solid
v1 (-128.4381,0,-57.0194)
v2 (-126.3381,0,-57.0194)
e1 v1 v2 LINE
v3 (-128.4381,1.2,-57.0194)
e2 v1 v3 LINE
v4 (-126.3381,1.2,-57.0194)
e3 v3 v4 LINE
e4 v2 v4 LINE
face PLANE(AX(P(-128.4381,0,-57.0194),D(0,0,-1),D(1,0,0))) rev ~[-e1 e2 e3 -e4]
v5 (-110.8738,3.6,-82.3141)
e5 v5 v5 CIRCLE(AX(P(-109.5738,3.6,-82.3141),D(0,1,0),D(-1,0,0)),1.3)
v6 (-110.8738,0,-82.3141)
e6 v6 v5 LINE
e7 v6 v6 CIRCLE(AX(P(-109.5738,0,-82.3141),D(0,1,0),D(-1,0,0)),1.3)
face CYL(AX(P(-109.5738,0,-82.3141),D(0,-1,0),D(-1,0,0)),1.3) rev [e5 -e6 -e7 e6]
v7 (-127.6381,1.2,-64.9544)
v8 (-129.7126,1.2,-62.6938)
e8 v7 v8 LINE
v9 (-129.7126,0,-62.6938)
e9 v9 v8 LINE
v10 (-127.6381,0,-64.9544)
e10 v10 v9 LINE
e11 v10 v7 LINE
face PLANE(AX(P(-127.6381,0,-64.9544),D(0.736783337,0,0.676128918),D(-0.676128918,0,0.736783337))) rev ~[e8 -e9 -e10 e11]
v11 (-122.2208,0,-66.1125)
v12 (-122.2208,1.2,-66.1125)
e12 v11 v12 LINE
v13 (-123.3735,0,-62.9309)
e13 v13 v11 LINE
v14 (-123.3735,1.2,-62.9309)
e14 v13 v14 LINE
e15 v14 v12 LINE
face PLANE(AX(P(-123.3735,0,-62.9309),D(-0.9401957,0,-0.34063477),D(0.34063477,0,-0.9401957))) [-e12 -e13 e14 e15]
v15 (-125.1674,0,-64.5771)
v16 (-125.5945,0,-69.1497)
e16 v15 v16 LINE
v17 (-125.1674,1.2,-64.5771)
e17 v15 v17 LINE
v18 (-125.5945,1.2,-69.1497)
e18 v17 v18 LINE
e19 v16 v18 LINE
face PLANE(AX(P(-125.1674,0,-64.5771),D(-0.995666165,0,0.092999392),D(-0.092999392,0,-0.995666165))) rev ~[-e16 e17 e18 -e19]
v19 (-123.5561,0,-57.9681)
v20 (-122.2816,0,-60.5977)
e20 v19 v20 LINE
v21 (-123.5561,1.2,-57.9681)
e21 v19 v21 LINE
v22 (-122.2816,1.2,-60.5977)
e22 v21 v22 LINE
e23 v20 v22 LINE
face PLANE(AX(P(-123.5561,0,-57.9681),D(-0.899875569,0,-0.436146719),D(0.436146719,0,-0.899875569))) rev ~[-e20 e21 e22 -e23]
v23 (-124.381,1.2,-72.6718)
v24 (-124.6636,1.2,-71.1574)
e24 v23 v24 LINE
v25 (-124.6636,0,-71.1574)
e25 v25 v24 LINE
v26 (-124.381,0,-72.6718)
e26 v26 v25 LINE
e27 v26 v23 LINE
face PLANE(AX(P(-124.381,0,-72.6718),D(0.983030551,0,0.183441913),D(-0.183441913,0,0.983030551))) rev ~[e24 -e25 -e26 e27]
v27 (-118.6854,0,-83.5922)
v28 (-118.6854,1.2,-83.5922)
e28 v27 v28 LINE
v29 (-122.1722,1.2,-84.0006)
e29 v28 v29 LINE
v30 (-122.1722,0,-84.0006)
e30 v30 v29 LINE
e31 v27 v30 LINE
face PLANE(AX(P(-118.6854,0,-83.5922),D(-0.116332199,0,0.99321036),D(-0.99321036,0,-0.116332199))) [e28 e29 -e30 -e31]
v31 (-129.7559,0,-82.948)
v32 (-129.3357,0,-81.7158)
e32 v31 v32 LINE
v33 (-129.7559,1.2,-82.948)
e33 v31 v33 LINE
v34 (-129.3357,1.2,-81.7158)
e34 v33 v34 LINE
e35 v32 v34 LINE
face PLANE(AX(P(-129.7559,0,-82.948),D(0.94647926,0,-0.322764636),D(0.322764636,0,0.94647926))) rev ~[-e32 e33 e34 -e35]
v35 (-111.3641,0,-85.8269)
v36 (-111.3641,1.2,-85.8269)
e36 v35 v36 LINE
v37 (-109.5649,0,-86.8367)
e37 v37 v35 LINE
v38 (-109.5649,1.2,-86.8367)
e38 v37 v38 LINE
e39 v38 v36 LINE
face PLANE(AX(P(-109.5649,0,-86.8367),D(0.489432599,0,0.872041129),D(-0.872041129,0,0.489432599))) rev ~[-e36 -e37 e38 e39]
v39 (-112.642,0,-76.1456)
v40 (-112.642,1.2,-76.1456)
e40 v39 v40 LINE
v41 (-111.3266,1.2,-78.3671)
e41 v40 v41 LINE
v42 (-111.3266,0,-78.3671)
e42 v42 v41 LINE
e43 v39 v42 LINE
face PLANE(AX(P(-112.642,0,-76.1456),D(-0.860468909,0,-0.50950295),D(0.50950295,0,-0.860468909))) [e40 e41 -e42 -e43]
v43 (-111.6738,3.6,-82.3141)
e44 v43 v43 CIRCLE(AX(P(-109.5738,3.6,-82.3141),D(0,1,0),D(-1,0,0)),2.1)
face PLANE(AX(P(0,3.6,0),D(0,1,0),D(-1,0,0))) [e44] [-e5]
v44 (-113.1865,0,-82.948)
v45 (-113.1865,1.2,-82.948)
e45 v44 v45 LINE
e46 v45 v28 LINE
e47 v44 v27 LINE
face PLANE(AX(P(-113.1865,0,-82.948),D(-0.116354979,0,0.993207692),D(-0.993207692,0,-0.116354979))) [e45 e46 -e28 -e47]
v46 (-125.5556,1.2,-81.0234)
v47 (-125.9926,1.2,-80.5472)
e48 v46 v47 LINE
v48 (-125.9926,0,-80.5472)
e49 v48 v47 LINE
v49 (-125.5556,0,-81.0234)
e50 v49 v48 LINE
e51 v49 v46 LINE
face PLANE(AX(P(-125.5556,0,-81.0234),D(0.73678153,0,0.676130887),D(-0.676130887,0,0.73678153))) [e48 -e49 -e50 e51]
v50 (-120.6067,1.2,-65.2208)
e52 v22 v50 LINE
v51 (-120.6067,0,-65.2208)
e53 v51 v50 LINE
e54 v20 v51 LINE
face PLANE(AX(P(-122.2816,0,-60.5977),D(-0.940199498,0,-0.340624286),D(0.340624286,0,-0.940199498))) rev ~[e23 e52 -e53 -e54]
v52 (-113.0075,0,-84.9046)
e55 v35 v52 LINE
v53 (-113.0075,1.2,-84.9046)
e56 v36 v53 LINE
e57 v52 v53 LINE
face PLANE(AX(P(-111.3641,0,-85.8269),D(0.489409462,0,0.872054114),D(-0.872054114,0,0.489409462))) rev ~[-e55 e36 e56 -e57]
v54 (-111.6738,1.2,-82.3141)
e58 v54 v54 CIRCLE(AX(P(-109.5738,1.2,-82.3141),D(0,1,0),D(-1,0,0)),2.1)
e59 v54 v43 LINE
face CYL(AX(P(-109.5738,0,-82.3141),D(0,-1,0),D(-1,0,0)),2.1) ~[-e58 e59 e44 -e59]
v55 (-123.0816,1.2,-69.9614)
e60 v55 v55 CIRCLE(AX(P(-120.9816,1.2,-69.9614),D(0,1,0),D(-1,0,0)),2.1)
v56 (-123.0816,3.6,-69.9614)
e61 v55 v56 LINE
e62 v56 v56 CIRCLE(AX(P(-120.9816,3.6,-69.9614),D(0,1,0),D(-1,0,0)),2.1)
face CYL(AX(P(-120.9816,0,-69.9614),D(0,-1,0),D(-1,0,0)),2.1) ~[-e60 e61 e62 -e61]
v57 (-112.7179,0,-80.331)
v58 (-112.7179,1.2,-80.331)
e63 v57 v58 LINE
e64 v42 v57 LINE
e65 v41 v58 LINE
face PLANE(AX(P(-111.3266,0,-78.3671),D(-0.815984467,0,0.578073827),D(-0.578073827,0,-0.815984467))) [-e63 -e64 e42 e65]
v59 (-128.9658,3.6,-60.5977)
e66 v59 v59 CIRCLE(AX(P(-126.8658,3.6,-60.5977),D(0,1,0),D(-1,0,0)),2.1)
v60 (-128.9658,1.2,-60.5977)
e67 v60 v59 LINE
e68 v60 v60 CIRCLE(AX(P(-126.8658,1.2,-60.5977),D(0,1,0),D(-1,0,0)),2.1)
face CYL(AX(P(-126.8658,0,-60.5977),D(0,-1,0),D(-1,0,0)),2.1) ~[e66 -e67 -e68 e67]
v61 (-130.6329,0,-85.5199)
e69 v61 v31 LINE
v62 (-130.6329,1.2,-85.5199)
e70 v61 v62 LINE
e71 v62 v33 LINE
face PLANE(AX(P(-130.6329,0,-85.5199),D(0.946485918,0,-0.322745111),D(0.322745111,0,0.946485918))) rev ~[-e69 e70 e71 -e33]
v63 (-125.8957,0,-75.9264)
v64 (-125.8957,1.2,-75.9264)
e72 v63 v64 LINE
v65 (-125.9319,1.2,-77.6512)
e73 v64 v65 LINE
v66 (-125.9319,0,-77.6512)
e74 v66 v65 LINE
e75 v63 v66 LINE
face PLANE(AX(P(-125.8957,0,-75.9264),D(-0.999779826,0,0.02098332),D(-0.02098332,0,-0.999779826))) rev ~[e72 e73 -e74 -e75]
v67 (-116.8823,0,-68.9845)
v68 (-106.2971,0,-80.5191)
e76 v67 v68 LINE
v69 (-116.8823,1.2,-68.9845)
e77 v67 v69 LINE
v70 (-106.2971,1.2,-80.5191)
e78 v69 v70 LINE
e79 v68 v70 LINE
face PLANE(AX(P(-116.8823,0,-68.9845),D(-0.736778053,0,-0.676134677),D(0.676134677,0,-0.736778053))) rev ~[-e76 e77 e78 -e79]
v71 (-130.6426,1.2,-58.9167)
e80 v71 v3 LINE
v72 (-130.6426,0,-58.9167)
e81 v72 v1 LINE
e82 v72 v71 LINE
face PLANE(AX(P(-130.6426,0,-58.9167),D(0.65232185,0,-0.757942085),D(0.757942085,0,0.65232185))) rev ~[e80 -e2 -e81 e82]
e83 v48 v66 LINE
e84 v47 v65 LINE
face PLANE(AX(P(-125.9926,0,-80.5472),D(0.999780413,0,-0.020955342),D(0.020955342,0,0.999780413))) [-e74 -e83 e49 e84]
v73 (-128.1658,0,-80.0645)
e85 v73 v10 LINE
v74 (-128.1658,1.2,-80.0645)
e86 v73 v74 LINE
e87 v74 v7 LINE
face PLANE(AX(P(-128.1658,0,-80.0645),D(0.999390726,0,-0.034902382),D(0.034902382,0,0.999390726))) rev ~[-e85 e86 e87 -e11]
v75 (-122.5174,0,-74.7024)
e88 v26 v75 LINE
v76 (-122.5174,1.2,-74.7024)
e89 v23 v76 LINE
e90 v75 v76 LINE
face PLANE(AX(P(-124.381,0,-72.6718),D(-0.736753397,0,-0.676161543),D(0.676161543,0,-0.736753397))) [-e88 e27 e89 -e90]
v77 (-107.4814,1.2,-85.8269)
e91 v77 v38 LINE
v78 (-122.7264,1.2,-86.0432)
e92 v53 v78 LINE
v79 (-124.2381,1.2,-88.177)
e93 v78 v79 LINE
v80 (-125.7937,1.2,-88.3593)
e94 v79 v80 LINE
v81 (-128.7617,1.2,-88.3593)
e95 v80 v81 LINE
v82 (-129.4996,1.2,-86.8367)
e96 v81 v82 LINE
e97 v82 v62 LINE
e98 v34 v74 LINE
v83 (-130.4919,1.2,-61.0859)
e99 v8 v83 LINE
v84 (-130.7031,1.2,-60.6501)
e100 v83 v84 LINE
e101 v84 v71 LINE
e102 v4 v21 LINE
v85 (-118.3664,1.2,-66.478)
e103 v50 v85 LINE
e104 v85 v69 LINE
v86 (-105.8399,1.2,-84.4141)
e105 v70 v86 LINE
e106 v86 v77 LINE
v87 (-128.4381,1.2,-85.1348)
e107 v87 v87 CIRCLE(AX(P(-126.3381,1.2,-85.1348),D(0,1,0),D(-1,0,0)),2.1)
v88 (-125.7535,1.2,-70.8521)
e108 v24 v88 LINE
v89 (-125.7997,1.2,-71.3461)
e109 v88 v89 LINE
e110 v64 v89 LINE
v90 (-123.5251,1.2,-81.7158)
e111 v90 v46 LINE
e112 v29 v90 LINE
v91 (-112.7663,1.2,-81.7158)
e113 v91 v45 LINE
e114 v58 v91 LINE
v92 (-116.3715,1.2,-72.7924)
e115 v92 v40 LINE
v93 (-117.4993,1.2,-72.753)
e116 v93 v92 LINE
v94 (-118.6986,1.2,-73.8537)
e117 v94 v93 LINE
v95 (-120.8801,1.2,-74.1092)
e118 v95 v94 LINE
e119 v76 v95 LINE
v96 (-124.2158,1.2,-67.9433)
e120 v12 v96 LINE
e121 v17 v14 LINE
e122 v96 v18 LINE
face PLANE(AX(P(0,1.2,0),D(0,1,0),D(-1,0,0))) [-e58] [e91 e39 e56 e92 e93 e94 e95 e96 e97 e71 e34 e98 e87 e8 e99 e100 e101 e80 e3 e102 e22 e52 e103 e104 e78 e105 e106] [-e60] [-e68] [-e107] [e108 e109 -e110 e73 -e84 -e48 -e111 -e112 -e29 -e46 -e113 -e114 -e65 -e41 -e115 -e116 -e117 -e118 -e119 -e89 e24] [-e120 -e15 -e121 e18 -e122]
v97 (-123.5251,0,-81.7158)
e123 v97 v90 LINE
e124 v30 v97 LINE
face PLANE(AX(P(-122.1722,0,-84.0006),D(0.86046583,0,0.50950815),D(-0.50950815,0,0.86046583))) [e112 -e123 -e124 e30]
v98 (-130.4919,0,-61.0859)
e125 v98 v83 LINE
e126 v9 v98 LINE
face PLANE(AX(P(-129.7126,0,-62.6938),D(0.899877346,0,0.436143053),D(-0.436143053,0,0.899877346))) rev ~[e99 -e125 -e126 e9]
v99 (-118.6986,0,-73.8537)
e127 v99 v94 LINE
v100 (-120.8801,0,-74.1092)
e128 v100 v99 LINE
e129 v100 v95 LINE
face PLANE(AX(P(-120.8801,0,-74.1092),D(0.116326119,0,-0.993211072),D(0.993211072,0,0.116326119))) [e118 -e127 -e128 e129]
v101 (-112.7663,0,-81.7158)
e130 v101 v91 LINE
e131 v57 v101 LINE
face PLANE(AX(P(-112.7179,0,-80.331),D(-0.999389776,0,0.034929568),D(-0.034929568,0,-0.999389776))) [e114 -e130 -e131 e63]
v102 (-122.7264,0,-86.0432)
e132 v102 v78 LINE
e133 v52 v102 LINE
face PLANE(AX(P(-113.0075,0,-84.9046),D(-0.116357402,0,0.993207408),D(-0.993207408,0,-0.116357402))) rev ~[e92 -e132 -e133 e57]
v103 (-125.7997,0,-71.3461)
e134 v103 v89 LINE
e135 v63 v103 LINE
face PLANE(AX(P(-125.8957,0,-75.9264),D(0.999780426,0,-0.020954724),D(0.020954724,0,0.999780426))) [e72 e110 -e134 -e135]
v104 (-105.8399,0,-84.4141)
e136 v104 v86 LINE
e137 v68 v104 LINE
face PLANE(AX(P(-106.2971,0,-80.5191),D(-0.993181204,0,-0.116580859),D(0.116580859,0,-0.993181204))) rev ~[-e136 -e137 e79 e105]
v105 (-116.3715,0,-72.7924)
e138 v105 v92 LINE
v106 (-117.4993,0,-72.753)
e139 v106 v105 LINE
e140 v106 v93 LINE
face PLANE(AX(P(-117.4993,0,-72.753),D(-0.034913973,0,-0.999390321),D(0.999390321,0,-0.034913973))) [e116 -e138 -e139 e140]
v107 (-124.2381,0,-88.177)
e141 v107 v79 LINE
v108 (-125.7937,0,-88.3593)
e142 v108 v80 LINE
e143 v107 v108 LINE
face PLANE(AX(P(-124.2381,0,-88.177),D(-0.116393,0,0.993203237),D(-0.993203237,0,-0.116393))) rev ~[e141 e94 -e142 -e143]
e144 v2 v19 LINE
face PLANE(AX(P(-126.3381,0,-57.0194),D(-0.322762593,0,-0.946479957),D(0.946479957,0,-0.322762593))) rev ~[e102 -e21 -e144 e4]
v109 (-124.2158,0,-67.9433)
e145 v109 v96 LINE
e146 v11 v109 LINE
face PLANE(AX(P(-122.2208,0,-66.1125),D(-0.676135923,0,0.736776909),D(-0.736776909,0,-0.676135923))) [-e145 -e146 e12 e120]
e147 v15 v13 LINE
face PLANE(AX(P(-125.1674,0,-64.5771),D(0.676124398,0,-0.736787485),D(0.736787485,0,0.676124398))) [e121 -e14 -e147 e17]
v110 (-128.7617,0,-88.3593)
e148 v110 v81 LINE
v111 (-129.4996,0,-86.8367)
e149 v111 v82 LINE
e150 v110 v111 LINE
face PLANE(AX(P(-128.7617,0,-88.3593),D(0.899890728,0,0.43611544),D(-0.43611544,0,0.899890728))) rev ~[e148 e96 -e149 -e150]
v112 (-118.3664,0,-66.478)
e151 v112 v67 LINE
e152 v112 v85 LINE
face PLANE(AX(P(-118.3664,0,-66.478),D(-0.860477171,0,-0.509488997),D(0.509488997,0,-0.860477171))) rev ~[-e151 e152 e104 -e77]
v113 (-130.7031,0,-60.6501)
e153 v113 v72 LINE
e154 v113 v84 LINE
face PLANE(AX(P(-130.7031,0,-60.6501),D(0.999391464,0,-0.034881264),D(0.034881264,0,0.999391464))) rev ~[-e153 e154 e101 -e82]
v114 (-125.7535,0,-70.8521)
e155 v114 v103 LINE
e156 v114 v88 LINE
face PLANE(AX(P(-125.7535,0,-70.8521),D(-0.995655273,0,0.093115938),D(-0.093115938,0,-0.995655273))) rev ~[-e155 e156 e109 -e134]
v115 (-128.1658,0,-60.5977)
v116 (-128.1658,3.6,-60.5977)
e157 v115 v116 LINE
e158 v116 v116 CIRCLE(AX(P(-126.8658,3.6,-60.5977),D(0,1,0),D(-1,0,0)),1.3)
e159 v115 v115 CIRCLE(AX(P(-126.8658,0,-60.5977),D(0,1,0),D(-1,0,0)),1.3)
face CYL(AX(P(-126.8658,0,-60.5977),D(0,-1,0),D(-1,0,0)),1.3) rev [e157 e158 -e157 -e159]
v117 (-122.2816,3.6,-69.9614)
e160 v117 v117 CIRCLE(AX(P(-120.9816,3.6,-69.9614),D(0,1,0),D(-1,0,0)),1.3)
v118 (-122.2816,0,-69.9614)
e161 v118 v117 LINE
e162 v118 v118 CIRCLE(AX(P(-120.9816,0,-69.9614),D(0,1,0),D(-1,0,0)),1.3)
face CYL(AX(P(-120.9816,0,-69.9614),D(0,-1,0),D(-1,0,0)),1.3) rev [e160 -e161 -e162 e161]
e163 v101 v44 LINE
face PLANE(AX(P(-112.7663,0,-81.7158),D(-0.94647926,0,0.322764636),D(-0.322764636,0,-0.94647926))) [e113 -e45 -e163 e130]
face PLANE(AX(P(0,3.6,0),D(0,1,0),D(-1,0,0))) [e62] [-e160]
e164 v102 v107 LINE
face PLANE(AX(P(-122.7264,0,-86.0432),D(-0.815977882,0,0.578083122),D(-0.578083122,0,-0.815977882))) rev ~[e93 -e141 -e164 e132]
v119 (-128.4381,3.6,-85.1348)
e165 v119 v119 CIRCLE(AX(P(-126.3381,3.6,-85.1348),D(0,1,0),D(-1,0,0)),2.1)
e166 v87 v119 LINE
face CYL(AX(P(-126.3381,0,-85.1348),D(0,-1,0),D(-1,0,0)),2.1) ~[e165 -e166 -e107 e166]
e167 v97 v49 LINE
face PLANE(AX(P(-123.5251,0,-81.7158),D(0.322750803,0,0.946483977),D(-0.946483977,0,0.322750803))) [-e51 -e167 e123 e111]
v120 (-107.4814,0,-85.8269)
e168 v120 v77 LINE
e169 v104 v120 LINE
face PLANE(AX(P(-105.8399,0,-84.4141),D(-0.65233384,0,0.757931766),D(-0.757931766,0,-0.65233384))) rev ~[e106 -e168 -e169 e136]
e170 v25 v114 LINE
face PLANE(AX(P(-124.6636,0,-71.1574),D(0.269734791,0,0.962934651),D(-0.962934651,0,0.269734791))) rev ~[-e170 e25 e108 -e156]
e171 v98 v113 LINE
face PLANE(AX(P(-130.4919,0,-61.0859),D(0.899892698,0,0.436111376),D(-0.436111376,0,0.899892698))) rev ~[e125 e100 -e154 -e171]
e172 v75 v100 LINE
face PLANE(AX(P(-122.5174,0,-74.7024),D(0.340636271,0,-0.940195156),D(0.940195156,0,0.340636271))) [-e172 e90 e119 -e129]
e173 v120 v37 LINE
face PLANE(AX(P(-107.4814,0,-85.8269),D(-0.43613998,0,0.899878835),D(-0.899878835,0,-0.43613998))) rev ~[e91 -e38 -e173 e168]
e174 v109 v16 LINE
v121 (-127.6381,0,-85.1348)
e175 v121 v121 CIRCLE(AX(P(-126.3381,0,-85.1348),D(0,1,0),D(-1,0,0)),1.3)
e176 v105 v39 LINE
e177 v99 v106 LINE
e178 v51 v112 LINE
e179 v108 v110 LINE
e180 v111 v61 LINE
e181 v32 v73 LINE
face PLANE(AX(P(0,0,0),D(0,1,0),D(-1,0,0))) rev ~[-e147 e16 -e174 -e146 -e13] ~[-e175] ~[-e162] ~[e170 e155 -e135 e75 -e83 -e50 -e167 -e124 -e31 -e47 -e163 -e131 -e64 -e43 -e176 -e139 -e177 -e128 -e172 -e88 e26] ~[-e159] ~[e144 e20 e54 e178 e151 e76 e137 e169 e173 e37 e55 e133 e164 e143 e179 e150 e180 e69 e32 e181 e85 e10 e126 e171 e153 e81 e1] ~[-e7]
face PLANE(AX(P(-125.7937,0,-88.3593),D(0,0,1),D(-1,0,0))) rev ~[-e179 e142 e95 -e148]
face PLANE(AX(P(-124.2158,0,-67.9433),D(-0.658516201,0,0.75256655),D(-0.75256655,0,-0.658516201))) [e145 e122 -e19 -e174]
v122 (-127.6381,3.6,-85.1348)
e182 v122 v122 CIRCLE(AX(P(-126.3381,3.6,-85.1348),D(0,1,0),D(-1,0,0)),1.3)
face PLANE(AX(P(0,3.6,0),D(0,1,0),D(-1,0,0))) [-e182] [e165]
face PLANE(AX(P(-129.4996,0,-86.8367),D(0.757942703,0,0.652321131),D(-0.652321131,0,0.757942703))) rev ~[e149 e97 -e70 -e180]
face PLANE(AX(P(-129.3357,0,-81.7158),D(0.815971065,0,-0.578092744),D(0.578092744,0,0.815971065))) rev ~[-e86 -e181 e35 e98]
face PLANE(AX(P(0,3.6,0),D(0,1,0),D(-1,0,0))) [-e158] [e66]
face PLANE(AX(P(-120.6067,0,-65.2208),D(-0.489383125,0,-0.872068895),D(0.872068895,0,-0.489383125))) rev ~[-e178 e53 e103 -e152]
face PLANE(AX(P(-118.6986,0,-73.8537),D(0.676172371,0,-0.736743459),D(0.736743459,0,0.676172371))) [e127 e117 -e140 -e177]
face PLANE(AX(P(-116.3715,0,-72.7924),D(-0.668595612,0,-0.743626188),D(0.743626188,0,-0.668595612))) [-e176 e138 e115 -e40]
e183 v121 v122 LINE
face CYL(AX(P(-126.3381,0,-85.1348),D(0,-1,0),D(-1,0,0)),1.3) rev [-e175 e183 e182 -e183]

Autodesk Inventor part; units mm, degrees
ref_plane "YZ Plane" through (0, 0, 0) normal (1, 0, 0) x (0, 1, 0)
ref_plane "XZ Plane" through (0, 0, 0) normal (0, 1, 0) x (-1, 0, 0)
ref_plane "XY Plane" through (0, 0, 0) normal (0, 0, 1) x (1, 0, 0)
sketch "Sketch2" plane through (0, 0, 0) normal (0, 1, 0) x (-1, 0, 0)
  circle A0 centre (126.8658, -60.5977) radius 1.3
  circle A1 centre (126.3381, -85.1348) radius 1.3
  circle A2 centre (120.9816, -69.9614) radius 1.3
  circle A3 centre (109.5738, -82.3141) radius 1.3
  circle A4 centre (126.8658, -60.5977) radius 2.1
  circle A5 centre (120.9816, -69.9614) radius 2.1
  circle A6 centre (126.3381, -85.1348) radius 2.1
  circle A7 centre (109.5738, -82.3141) radius 2.1
  line L0 (130.6426, -58.9167) -> (128.4381, -57.0194)
  line L1 (128.4381, -57.0194) -> (126.3381, -57.0194)
  line L2 (126.3381, -57.0194) -> (123.5561, -57.9681)
  line L3 (123.5561, -57.9681) -> (122.2816, -60.5977)
  line L4 (122.2816, -60.5977) -> (120.6067, -65.2208)
  line L5 (120.6067, -65.2208) -> (118.3664, -66.478)
  line L6 (118.3664, -66.478) -> (116.8823, -68.9845)
  line L7 (116.8823, -68.9845) -> (106.2971, -80.5191)
  line L8 (106.2971, -80.5191) -> (105.8399, -84.4141)
  line L9 (105.8399, -84.4141) -> (107.4814, -85.8269)
  line L10 (107.4814, -85.8269) -> (109.5649, -86.8367)
  line L11 (109.5649, -86.8367) -> (111.3641, -85.8269)
  line L12 (111.3641, -85.8269) -> (113.0075, -84.9046)
  line L13 (113.0075, -84.9046) -> (122.7264, -86.0432)
  line L14 (122.7264, -86.0432) -> (124.2381, -88.177)
  line L15 (124.2381, -88.177) -> (125.7937, -88.3593)
  line L16 (125.7937, -88.3593) -> (128.7617, -88.3593)
  line L17 (128.7617, -88.3593) -> (129.4996, -86.8367)
  line L18 (129.4996, -86.8367) -> (130.6329, -85.5199)
  line L19 (130.6329, -85.5199) -> (129.7559, -82.948)
  line L20 (129.7559, -82.948) -> (129.3357, -81.7158)
  line L21 (129.3357, -81.7158) -> (128.1658, -80.0645)
  line L22 (128.1658, -80.0645) -> (127.6381, -64.9544)
  line L23 (127.6381, -64.9544) -> (129.7126, -62.6938)
  line L24 (129.7126, -62.6938) -> (130.4919, -61.0859)
  line L25 (130.4919, -61.0859) -> (130.7031, -60.6501)
  line L26 (130.7031, -60.6501) -> (130.6426, -58.9167)
  line L27 (125.1674, -64.5771) -> (123.3735, -62.9309)
  line L28 (123.3735, -62.9309) -> (122.2208, -66.1125)
  line L29 (122.2208, -66.1125) -> (124.2158, -67.9433)
  line L30 (124.381, -72.6718) -> (122.5174, -74.7024)
  line L31 (122.5174, -74.7024) -> (120.8801, -74.1092)
  line L32 (120.8801, -74.1092) -> (118.6986, -73.8537)
  line L33 (118.6986, -73.8537) -> (117.4993, -72.753)
  line L34 (117.4993, -72.753) -> (116.3715, -72.7924)
  line L35 (116.3715, -72.7924) -> (112.642, -76.1456)
  line L36 (112.642, -76.1456) -> (111.3266, -78.3671)
  line L37 (111.3266, -78.3671) -> (112.7179, -80.331)
  line L38 (112.7179, -80.331) -> (112.7663, -81.7158)
  line L39 (112.7663, -81.7158) -> (113.1865, -82.948)
  line L40 (113.1865, -82.948) -> (118.6854, -83.5922)
  line L41 (118.6854, -83.5922) -> (122.1722, -84.0006)
  line L42 (122.1722, -84.0006) -> (123.5251, -81.7158)
  line L43 (123.5251, -81.7158) -> (125.5556, -81.0234)
  line L44 (125.5556, -81.0234) -> (125.9926, -80.5472)
  line L45 (125.9926, -80.5472) -> (125.9319, -77.6512)
  line L46 (125.8957, -75.9264) -> (125.7997, -71.3461)
  line L47 (125.8957, -75.9264) -> (125.9319, -77.6512)
  line L48 (124.2158, -67.9433) -> (125.5945, -69.1497)
  line L49 (124.381, -72.6718) -> (124.6636, -71.1574)
  line L50 (124.6636, -71.1574) -> (125.7535, -70.8521)
  line L51 (125.1674, -64.5771) -> (125.5945, -69.1497)
  line L52 (125.7535, -70.8521) -> (125.7997, -71.3461)
  point P0 (0, 0)
  dimension "d1" = 2.6
  dimension "d7" = 2.6
  dimension "d9" = 2.6
  dimension "d11" = 2.6
  dimension "d18" = 0.8
  dimension "d19" = 0.8
  dimension "d20" = 0.8
  dimension "d21" = 0.8
extrude "Extrusion1" add sketch "Sketch2" along normal blind 1.2 contours L26 L25 L24 L23 L22 L21 L20 L19 L18 L17 L16 L15 L14 L13 L12 L11 L10 L9 L8 L7 L6 L5 L4 L3 L2 L1 L0
extrude "Extrusion2" add sketch "Sketch2" along normal blind 3.6 contours A4 | A5 | A6 | A7
properties part number "pump holder test"
